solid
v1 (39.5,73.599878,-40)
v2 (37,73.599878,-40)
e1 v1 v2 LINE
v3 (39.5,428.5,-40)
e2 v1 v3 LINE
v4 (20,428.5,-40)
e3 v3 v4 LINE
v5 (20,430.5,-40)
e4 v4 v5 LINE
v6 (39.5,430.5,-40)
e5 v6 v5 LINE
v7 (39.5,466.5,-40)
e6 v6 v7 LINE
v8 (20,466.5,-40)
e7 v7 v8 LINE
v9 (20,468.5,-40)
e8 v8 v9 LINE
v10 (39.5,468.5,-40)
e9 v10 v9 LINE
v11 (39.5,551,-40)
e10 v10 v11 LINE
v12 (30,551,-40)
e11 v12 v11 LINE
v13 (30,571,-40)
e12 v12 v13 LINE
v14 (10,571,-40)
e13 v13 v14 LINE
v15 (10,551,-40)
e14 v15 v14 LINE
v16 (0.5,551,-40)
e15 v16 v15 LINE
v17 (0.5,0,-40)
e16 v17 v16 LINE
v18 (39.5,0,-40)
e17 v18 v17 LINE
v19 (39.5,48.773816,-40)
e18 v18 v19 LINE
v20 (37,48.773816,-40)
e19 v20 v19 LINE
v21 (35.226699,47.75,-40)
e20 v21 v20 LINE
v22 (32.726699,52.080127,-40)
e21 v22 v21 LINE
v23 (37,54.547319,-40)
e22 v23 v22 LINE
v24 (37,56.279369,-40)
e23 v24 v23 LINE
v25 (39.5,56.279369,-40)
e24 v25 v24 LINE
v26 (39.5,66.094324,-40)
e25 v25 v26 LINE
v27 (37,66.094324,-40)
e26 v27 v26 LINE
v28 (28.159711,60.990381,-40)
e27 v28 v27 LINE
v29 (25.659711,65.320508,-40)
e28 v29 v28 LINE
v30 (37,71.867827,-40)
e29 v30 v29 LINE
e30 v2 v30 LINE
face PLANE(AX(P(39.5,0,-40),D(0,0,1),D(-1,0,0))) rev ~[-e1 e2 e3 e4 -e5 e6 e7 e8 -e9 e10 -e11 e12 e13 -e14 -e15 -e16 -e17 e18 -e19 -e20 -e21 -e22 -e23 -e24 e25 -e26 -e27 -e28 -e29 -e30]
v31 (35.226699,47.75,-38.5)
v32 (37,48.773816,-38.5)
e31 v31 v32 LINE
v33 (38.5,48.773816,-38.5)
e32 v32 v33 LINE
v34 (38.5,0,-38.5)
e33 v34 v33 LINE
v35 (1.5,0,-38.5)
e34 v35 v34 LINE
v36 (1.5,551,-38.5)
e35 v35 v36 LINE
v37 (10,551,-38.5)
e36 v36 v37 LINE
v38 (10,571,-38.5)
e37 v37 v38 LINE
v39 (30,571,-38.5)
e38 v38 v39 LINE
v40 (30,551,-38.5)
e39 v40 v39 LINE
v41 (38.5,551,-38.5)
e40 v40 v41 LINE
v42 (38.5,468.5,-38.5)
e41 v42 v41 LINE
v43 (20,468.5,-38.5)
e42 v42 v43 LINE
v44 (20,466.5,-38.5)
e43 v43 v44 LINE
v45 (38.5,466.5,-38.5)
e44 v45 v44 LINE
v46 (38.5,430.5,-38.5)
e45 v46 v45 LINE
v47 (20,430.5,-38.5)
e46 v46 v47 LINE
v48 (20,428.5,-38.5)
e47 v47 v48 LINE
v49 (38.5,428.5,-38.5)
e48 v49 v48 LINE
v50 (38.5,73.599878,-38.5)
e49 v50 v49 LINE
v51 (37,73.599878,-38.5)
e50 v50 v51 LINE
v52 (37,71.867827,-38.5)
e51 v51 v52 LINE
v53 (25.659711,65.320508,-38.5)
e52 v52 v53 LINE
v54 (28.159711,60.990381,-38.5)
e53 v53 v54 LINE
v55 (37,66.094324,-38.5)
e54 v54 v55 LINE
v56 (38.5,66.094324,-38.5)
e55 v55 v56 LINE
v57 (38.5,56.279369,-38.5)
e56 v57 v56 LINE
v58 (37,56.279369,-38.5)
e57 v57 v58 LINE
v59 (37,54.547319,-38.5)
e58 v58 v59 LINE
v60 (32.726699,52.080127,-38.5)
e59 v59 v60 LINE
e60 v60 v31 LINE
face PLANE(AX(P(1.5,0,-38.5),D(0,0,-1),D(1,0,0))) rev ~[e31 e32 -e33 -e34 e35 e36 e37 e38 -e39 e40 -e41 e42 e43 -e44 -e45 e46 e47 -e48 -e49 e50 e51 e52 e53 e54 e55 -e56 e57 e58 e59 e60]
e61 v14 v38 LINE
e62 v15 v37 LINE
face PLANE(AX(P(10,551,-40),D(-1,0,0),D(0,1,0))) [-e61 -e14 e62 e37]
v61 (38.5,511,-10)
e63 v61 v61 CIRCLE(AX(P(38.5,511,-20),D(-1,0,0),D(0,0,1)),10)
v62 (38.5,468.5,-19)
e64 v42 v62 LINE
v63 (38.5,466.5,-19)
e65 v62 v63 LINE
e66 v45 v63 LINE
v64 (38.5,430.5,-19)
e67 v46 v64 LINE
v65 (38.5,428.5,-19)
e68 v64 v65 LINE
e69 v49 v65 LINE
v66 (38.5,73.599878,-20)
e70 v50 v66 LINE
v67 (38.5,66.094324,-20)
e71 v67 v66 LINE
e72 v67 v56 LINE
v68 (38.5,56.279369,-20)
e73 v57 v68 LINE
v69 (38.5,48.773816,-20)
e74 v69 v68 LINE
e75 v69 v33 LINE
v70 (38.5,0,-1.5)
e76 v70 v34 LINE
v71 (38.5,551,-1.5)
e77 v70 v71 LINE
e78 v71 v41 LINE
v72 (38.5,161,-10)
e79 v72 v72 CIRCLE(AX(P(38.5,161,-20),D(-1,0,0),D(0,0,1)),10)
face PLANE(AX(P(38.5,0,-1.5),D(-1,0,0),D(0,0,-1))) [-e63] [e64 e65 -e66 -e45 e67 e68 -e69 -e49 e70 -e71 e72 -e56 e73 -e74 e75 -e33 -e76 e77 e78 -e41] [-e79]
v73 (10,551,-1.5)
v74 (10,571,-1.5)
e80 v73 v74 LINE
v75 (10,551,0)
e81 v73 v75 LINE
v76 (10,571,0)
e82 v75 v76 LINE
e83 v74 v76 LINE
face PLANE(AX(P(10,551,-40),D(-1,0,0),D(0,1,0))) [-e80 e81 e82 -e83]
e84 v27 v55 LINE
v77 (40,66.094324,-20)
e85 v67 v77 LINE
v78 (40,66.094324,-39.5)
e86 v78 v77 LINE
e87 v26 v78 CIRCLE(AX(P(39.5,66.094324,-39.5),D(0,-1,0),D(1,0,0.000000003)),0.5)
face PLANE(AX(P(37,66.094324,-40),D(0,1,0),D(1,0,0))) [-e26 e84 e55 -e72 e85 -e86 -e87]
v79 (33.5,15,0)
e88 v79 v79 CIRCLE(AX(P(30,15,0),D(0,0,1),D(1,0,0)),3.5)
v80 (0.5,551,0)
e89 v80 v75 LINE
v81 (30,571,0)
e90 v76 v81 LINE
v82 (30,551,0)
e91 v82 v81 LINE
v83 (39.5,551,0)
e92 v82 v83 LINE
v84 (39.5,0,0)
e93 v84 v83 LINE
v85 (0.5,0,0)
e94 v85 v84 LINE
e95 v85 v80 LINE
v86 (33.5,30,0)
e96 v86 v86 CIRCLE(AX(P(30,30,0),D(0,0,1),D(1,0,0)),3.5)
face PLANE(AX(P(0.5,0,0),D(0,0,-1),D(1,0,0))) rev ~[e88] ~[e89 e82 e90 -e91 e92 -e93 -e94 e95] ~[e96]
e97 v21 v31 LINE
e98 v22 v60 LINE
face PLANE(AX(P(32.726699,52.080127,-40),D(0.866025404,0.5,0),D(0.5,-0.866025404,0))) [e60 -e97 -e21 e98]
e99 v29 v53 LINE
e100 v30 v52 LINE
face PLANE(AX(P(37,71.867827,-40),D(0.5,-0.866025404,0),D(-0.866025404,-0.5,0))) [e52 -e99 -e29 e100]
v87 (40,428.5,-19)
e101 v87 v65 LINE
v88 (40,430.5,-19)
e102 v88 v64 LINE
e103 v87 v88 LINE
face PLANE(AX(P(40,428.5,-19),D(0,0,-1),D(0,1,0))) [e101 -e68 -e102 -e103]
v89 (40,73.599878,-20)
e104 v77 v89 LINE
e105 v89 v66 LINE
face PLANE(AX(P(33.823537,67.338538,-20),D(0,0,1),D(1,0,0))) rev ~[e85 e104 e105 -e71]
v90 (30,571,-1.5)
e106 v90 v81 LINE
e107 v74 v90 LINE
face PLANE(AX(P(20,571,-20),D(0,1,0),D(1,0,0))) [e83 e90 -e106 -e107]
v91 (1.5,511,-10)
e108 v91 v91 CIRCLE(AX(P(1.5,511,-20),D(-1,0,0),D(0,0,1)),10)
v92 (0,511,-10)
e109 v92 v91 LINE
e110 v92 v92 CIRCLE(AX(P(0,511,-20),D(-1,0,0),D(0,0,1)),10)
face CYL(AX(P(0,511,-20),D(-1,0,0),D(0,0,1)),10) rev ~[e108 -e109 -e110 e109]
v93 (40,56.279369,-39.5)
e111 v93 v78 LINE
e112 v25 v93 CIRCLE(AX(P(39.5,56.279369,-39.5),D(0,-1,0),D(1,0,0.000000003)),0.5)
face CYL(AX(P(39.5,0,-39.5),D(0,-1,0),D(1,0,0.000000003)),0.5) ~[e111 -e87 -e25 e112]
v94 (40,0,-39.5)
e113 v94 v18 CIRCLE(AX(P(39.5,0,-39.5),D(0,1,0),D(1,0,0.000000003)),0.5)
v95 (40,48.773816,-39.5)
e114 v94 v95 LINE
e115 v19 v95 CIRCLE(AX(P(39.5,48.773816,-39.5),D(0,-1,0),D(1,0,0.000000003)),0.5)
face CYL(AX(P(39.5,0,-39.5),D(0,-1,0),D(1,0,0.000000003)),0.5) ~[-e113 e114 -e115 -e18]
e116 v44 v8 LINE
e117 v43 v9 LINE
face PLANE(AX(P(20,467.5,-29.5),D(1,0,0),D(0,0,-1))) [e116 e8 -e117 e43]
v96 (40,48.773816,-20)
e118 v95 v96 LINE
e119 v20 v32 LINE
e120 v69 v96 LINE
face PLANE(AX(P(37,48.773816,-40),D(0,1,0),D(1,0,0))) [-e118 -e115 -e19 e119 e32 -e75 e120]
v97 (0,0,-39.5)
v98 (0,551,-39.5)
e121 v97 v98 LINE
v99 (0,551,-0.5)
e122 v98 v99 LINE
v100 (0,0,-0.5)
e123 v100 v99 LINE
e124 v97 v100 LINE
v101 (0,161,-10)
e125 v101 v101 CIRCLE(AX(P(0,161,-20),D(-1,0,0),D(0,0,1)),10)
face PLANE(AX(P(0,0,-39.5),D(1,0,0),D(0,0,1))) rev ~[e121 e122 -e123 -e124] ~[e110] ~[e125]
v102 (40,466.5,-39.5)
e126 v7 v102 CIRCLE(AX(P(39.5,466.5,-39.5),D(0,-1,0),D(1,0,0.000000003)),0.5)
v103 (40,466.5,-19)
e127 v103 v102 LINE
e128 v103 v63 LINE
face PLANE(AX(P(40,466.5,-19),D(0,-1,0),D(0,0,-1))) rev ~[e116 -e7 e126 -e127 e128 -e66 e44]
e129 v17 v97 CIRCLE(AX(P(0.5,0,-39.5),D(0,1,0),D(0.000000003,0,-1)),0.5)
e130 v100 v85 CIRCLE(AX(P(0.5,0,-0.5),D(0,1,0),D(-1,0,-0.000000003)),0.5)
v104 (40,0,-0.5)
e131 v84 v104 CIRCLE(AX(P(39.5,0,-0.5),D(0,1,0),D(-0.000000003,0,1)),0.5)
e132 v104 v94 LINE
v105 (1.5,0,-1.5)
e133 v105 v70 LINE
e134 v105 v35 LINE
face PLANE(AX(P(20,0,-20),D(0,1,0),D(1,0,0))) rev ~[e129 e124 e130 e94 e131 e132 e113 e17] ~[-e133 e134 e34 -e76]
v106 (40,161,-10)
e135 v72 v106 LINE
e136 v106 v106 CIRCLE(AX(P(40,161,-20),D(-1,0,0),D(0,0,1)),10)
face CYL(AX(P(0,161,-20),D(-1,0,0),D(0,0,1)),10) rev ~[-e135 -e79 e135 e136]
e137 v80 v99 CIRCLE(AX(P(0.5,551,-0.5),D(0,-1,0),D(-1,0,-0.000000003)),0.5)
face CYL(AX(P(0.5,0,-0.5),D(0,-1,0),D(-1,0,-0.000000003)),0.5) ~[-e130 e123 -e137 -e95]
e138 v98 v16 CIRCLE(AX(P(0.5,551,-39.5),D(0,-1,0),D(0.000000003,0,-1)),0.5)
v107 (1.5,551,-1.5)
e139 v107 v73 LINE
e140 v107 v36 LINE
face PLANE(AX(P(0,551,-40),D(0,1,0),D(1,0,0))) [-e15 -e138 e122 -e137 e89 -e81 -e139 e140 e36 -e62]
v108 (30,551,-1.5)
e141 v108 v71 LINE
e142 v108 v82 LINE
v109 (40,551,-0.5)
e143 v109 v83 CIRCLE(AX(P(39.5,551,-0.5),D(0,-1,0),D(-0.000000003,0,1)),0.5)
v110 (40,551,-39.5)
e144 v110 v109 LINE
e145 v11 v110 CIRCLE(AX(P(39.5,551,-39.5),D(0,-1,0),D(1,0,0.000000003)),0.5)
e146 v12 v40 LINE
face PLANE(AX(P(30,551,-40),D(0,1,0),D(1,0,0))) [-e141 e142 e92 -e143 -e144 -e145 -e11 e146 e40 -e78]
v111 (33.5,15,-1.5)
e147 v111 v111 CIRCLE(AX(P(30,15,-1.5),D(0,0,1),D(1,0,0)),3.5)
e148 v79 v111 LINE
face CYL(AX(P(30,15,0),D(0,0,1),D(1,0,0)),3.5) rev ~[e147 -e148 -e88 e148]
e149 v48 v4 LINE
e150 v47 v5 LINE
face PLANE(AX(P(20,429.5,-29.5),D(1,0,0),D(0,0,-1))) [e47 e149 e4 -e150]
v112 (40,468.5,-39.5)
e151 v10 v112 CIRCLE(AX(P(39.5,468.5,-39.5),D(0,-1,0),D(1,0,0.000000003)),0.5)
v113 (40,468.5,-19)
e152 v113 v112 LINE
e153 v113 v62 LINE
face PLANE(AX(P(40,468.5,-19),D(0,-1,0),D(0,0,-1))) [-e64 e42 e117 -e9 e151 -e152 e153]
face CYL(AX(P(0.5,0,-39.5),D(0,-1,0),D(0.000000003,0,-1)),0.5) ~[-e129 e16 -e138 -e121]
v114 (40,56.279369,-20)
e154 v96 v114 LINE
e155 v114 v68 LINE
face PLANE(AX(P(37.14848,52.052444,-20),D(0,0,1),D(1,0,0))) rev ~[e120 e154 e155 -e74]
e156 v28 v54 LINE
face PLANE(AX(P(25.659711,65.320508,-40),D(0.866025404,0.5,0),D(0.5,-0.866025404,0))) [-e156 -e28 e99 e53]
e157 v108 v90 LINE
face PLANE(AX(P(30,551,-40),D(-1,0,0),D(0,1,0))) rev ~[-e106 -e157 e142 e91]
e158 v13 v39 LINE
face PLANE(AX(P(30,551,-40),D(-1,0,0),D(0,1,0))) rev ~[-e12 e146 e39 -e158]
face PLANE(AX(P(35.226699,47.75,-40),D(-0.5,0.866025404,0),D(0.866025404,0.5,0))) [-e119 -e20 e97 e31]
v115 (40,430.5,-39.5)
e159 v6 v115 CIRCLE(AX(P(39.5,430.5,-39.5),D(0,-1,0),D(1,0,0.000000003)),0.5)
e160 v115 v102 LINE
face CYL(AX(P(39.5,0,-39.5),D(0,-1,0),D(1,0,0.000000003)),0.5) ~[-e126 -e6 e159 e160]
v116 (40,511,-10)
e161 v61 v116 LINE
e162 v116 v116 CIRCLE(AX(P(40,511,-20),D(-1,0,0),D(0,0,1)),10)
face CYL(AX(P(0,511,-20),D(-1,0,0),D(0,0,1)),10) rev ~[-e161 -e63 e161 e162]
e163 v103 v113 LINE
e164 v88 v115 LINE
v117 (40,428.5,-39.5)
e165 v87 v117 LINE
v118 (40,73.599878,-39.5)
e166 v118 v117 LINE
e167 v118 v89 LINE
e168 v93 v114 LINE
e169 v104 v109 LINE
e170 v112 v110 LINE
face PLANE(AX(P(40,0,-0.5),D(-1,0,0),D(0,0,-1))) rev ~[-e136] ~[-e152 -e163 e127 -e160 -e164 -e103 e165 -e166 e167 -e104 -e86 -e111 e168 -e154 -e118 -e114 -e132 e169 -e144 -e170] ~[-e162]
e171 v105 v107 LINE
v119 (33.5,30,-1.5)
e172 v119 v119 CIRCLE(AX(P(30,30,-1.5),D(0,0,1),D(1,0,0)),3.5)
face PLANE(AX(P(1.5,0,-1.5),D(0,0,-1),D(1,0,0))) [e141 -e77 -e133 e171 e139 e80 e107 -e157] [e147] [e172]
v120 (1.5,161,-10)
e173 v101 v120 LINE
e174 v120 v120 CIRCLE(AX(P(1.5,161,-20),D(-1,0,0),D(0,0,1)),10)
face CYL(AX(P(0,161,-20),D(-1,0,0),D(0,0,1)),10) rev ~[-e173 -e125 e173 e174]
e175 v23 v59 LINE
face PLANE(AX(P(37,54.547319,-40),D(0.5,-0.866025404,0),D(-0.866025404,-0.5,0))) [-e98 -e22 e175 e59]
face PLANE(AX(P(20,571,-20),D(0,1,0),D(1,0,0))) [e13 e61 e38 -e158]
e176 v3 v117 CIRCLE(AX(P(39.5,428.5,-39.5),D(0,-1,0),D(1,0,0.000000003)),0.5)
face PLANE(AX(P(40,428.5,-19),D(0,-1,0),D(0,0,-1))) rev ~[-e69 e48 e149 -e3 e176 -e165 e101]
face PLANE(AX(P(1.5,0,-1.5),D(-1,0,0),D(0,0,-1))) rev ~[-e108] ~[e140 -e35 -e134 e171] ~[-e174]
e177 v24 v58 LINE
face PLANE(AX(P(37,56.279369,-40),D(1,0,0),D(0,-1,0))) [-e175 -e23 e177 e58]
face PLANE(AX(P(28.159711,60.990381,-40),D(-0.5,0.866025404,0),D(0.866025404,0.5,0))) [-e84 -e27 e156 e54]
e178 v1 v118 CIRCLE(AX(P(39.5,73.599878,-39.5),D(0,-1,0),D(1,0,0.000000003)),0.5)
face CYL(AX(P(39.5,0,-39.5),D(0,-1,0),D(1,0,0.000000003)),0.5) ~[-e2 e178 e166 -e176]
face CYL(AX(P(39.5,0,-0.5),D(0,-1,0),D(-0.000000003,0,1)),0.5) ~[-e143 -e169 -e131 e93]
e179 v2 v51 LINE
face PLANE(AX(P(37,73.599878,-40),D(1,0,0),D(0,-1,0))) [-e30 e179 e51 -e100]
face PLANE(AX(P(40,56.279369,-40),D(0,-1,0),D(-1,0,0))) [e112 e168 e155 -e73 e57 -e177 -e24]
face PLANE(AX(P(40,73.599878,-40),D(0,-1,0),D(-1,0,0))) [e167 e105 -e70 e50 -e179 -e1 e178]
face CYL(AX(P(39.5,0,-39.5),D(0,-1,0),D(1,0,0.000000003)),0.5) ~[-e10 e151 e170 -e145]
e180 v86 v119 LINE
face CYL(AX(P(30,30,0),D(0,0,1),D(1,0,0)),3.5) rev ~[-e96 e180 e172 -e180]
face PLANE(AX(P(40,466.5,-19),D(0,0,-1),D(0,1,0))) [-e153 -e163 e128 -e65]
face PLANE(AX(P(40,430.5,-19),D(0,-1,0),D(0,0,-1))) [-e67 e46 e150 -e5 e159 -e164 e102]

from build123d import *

# Parameters (mm, degrees)
SKETCH1_W           = 37
SKETCH1_H           = 37
BOSS_EXTRUDE1_DEPTH = 571
SKETCH2_W           = 10
SKETCH2_H           = 20
CUT_EXTRUDE1_DEPTH  = 40
SKETCH3_W           = 21
SKETCH3_H           = 2
CUT_EXTRUDE2_DEPTH  = 20
CUT_EXTRUDE3_DEPTH  = 20
SKETCH5_R           = 3.5
CUT_EXTRUDE4_DEPTH  = 10
SKETCH6_R           = 10
CUT_EXTRUDE5_DEPTH  = 574.795259653


with BuildPart() as part:
    # Sketch1 → Boss-Extrude1 (new body)
    with BuildSketch(Plane(origin=(0, 0, 0), x_dir=(1, 0, 0), z_dir=(0, 1, 0))):
        with BuildLine():
            Line((0.5, 0), (39.5, 0))
            ThreePointArc((39.5, 0), (39.853553391, 0.146446609), (40, 0.5))
            Line((40, 0.5), (40, 39.5))
            ThreePointArc((40, 39.5), (39.853553391, 39.853553391), (39.5, 40))
            Line((39.5, 40), (0.5, 40))
            ThreePointArc((0.5, 40), (0.146446609, 39.853553391), (0, 39.5))
            Line((0, 39.5), (0, 0.5))
            ThreePointArc((0, 0.5), (0.146446609, 0.146446609), (0.5, 0))
        make_face()
        with Locations((20, 20)):
            Rectangle(SKETCH1_W, SKETCH1_H, mode=Mode.SUBTRACT)
    extrude(amount=BOSS_EXTRUDE1_DEPTH)

    # Sketch2 → Cut-Extrude1 (cut)
    with BuildSketch(Plane.XY.offset(-40)):
        with Locations((35, 561)):
            Rectangle(SKETCH2_W, SKETCH2_H)
        with Locations((5, 561)):
            Rectangle(SKETCH2_W, SKETCH2_H)
    extrude(amount=CUT_EXTRUDE1_DEPTH, mode=Mode.SUBTRACT)

    # Sketch3 → Cut-Extrude2 (cut)
    with BuildSketch(Plane(origin=(40, 0, 0), x_dir=(0, 0, -1), z_dir=(1, 0, 0))):
        with Locations((29.5, 467.5)):
            Rectangle(SKETCH3_W, SKETCH3_H)
        with Locations((29.5, 429.5)):
            Rectangle(SKETCH3_W, SKETCH3_H)
    extrude(amount=-CUT_EXTRUDE2_DEPTH, mode=Mode.SUBTRACT)

    # Sketch4 → Cut-Extrude3 (cut)
    with BuildSketch(Plane(origin=(0, 0, -40), x_dir=(-1, 0, 0), z_dir=(0, 0, -1))):
        Polygon((-40, 73.59987752), (-37, 73.59987752), (-37, 71.867826713), (-25.659711467, 65.320508076), (-28.159711467, 60.990381057), (-37, 66.094324021), (-40, 66.094324021), align=None)
        Polygon((-40, 56.279369445), (-37, 56.279369445), (-37, 54.547318637), (-32.726698765, 52.080127019), (-35.226698765, 47.75), (-37, 48.773815945), (-40, 48.773815945), align=None)
    extrude(amount=-CUT_EXTRUDE3_DEPTH, mode=Mode.SUBTRACT)

    # Sketch5 → Cut-Extrude4 (cut)
    with BuildSketch(Plane.XY):
        with Locations((30, 15)):
            Circle(SKETCH5_R)
        with Locations((30, 30)):
            Circle(SKETCH5_R)
    extrude(amount=-CUT_EXTRUDE4_DEPTH, mode=Mode.SUBTRACT)

    # Sketch6 → Cut-Extrude5 (cut, through all)
    with BuildSketch(Plane.ZY):
        with Locations((-20, 511)):
            Circle(SKETCH6_R)
        with Locations((-20, 161)):
            Circle(SKETCH6_R)
    extrude(amount=-CUT_EXTRUDE5_DEPTH, mode=Mode.SUBTRACT)


solid = part.part
